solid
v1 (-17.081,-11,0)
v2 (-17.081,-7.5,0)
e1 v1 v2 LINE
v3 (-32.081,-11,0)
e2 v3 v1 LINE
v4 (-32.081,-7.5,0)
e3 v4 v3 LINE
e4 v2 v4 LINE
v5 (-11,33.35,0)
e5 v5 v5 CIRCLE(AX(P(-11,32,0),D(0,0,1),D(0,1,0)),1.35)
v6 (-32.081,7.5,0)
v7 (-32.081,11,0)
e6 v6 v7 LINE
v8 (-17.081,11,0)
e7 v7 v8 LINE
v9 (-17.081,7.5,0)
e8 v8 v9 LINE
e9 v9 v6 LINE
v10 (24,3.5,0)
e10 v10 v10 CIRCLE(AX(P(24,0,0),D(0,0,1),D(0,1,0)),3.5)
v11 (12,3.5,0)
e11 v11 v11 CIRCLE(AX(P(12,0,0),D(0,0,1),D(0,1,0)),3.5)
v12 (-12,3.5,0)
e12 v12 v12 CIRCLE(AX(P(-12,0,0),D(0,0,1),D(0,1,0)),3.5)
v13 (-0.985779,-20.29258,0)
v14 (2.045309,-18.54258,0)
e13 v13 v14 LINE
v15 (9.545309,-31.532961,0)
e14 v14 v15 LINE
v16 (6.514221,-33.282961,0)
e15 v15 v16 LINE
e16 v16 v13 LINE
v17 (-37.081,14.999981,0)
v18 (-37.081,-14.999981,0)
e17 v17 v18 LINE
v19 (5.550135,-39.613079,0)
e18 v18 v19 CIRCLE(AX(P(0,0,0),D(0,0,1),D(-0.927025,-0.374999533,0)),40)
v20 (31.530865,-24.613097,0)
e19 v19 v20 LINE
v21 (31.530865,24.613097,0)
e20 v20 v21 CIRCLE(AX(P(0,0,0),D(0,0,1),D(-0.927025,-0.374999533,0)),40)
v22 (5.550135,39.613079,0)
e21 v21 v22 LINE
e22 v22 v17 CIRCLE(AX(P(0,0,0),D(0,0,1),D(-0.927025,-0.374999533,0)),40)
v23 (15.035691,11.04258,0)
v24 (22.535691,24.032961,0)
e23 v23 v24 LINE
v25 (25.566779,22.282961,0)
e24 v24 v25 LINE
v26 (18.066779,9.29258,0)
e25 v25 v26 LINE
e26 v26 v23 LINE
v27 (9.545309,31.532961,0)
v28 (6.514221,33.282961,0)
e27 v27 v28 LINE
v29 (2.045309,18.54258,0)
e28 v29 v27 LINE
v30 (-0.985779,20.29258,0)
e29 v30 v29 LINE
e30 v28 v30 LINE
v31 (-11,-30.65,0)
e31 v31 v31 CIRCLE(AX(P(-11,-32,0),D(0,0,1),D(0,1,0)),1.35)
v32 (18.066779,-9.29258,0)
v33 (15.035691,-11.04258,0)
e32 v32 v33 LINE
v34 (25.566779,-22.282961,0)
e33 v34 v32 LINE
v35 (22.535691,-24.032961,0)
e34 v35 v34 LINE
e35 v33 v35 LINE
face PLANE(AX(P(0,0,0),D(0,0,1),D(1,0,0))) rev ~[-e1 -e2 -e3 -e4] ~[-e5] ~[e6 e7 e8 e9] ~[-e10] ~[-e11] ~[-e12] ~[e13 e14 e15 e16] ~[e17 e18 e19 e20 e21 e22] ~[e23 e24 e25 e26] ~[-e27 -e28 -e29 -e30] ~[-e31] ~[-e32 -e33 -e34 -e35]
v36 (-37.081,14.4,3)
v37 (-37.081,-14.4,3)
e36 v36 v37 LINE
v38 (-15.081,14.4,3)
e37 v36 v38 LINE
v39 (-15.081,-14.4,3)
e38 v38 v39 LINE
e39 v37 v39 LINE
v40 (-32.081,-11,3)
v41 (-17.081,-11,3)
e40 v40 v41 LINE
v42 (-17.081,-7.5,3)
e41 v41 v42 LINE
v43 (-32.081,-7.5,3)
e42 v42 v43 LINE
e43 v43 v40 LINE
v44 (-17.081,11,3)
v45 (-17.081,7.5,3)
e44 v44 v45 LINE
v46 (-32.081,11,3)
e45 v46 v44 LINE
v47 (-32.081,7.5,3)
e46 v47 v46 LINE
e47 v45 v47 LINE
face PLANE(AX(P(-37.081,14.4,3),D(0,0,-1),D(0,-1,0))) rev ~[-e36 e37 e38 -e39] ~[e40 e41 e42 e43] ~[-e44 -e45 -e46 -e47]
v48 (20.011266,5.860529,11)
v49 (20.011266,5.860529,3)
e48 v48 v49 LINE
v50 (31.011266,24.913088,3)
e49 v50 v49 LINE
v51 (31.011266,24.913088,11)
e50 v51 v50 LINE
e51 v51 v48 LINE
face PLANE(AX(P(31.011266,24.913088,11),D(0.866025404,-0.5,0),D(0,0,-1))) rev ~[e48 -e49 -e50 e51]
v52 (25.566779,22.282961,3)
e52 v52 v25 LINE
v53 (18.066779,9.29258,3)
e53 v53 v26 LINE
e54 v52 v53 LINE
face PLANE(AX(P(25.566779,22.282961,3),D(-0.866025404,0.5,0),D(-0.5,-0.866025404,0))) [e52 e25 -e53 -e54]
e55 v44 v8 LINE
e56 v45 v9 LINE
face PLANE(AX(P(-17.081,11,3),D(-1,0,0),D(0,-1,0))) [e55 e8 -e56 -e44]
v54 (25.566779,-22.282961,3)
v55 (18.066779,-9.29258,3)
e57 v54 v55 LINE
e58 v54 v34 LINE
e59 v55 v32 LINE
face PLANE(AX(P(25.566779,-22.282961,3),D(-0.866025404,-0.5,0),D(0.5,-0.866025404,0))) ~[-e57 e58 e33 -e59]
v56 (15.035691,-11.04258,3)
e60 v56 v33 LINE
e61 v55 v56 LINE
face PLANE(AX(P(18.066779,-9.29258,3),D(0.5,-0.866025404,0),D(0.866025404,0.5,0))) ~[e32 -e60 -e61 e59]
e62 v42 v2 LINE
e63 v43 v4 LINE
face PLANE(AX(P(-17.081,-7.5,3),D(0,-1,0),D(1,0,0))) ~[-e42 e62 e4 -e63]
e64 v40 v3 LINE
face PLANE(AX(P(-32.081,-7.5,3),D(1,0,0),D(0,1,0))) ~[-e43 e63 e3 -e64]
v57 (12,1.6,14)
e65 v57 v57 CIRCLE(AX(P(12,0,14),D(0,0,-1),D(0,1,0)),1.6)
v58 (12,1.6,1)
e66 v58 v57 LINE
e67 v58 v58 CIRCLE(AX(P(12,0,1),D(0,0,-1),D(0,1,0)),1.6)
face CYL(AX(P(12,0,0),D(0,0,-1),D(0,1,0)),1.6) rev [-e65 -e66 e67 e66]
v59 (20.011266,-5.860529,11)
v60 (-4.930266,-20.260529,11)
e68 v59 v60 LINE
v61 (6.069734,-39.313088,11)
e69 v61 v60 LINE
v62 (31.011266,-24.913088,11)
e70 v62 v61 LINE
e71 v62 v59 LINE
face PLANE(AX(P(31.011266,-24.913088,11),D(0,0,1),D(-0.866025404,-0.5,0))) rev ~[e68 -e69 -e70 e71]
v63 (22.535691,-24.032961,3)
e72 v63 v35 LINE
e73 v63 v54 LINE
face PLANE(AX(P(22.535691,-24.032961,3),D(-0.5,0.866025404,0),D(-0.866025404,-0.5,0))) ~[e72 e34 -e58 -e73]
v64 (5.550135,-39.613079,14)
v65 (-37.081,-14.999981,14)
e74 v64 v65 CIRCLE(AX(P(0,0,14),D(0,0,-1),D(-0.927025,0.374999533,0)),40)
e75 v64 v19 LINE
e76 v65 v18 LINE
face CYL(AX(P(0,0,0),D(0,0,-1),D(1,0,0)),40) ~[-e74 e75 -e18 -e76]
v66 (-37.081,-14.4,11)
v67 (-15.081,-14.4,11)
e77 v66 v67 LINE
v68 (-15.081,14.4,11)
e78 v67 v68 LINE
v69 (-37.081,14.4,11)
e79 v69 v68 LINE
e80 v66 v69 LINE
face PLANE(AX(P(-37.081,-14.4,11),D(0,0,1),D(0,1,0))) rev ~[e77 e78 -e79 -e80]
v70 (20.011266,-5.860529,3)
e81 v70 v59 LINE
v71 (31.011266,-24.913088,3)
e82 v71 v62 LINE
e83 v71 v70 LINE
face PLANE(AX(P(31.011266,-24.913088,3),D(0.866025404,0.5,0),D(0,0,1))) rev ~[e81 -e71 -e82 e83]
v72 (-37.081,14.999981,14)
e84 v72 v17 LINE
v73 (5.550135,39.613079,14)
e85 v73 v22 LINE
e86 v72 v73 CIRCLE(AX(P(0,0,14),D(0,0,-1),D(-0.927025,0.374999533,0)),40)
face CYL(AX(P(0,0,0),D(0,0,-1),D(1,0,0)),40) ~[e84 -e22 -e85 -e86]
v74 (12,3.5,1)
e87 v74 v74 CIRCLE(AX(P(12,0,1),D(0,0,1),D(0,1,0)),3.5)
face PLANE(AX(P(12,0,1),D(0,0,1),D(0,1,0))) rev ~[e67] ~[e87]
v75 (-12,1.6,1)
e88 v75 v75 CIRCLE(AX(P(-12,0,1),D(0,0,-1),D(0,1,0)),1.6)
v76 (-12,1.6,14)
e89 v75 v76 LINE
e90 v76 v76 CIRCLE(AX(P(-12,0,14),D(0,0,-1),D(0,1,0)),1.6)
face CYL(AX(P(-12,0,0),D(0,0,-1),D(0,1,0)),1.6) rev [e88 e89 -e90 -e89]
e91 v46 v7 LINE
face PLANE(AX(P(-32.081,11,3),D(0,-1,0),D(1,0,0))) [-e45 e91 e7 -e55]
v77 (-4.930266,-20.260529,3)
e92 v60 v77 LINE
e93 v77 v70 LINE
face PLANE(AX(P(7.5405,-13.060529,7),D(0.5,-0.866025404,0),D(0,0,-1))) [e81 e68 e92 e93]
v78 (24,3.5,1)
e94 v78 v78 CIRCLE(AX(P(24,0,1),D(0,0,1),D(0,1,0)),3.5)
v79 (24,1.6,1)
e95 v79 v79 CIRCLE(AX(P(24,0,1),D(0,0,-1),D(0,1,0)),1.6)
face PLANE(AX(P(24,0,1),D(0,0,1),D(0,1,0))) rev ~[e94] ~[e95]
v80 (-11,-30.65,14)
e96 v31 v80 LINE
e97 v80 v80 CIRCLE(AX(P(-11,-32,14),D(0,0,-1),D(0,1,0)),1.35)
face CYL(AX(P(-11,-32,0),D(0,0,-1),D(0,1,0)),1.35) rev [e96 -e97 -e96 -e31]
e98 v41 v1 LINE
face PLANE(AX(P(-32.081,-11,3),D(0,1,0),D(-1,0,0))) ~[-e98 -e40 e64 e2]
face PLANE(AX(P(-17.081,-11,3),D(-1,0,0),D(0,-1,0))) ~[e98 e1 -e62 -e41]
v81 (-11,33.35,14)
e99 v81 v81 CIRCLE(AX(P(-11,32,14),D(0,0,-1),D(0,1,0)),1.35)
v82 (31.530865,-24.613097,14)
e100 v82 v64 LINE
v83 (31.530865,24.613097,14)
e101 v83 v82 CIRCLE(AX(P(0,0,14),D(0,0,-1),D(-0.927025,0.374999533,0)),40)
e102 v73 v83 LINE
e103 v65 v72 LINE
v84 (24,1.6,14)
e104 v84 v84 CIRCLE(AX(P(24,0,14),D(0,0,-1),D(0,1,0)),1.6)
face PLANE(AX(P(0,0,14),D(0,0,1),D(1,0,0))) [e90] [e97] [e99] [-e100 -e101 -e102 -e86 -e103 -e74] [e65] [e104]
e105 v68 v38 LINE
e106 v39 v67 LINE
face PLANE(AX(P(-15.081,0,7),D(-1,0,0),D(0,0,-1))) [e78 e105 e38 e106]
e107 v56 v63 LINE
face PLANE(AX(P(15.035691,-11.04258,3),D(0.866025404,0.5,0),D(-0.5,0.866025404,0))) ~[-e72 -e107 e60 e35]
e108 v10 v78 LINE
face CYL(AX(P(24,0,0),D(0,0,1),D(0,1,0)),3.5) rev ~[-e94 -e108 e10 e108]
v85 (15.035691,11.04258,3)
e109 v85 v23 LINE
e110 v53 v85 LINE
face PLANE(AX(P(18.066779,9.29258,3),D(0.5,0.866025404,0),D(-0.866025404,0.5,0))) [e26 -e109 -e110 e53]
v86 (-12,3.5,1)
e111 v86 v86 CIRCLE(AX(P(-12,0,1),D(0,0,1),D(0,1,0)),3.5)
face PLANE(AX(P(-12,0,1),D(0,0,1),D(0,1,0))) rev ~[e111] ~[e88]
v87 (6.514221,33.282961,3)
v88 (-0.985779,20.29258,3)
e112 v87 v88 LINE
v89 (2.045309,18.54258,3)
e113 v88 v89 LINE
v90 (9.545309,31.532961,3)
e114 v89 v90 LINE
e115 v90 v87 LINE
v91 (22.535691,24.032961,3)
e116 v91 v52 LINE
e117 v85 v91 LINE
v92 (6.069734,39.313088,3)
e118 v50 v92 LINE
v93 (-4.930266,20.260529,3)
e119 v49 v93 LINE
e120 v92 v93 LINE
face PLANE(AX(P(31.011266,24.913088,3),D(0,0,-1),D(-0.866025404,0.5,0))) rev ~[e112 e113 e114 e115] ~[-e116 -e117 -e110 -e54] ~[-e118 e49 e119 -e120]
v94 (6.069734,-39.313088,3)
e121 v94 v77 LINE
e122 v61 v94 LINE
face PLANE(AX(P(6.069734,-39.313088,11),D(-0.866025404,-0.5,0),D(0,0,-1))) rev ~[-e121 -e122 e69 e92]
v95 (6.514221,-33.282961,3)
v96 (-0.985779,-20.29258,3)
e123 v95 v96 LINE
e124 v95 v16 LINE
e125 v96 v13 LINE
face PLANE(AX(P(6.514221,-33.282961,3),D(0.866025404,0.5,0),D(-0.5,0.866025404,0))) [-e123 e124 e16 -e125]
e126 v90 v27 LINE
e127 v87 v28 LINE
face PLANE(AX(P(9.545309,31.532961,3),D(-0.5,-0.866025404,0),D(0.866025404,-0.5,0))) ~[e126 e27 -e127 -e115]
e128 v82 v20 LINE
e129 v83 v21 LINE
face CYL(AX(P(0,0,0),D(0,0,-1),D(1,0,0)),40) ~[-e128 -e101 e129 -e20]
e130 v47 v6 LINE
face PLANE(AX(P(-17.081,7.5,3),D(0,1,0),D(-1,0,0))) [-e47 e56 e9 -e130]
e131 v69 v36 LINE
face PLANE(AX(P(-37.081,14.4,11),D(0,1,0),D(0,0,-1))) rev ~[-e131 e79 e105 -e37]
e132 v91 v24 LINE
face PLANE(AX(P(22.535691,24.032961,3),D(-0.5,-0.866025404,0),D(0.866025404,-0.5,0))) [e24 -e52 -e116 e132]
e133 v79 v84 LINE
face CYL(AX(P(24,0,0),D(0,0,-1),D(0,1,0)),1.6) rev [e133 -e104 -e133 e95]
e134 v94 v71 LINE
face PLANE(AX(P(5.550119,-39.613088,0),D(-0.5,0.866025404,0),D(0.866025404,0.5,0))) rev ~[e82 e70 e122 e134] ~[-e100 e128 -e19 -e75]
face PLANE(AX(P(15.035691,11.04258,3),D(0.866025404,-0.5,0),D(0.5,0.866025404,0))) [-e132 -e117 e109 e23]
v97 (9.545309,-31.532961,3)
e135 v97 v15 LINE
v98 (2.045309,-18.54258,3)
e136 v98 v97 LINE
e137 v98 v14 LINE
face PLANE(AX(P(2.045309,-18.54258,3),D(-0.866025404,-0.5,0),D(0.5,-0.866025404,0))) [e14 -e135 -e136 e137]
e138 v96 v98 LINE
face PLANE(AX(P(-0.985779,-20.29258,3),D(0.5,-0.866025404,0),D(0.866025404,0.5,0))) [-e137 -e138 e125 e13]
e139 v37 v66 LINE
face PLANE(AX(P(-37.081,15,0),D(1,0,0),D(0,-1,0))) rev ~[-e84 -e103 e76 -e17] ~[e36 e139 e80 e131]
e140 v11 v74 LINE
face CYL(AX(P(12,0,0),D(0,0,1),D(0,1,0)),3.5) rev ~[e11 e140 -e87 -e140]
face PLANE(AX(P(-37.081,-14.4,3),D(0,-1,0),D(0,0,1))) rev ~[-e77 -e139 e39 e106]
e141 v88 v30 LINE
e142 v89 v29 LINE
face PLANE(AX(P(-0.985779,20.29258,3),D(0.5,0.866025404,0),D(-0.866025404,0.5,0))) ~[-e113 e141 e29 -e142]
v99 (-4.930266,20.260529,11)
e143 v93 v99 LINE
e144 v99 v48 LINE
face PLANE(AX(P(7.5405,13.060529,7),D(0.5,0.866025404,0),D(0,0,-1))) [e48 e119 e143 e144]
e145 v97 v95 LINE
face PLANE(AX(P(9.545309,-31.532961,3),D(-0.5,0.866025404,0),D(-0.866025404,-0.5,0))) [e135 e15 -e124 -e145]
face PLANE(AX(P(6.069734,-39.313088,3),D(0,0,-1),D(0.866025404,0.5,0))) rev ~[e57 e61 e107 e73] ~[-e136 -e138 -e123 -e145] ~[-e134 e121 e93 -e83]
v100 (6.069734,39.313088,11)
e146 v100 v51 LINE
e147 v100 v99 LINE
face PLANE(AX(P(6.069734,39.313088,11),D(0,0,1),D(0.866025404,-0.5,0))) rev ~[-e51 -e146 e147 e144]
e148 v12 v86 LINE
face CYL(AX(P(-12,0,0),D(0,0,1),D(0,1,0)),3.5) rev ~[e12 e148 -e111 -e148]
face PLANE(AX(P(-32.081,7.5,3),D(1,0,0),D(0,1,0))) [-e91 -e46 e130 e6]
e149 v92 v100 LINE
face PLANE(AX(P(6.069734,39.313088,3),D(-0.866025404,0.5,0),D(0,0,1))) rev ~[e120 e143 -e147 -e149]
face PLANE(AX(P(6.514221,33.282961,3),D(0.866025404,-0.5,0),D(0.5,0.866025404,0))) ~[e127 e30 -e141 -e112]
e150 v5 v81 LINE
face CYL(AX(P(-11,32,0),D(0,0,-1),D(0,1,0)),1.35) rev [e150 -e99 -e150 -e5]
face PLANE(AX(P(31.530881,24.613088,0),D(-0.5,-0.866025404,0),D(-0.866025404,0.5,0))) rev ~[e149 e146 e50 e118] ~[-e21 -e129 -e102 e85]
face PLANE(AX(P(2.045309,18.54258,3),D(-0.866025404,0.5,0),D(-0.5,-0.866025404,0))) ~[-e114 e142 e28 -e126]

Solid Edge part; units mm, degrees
sketch "Sketch1" plane through (0, 0, 0) normal (0, 0, 1) x (1, 0, 0)
  circle A0 centre (0, 0) radius 40
  dimension "D1" = 80
extrude "Protrusion1" add sketch "Sketch1" along normal blind 14
sketch "Sketch2" plane through (0, 0, 0) normal (0, 0, 1) x (1, 0, 0)
  line L0 (-37.081, 15) -> (-37.081, -15)
extrude "Cutout1" cut sketch "Sketch2" along normal through all material side at (-37.131, 0, 0)
sketch "Sketch3" plane through (-37.081, 0, 6) normal (-1, 0, 0) x (0, -1, 0)
  line L0 (14.4, 5) -> (-14.4, 5)
  line L1 (-14.4, 5) -> (-14.4, -3)
  line L2 (-14.4, -3) -> (14.4, -3)
  line L3 (14.4, -3) -> (14.4, 5)
extrude "Extrusionsausschnitt_5" cut sketch "Sketch3" against normal blind 22
sketch "Sketch4" plane through (-24.581, 0, 3) normal (0, 0, 1) x (0, -1, 0)
  line L0 (-7.5, 7.5) -> (-7.5, -7.5)
  line L1 (-7.5, -7.5) -> (-11, -7.5)
  line L2 (-11, -7.5) -> (-11, 7.5)
  line L3 (-11, 7.5) -> (-7.5, 7.5)
extrude "Cutout2" cut sketch "Sketch4" against normal through all
mirror "Mirror1" about plane through (0, 0, 0) normal (0, -1, 0) of "Cutout2"
pattern_circular "Pattern1" count 3 over 360 about axis through (0, 0, 0) along (0, 0, -1) of "Mirror1", "Cutout2", "Extrusionsausschnitt_5", "Cutout1"
hole "Bohrung_3" at (12, 0, 0) direction (0, 0, 1) diameter 3.2 end through all
hole "Hole1" at (24, 0, 0) direction (0, 0, 1) diameter 3.2 end through all
hole "Bohrung_5" at (-12, 0, 0) direction (0, 0, 1) diameter 3.2 end through all
hole "Bohrung_6" at (-11, 32, 0) direction (0, 0, 1) diameter 2.7 end through all
hole "Hole2" at (-11, -32, 0) direction (0, 0, 1) diameter 2.7 end through all
hole "Bohrung_8" at (-12, 0, 0) direction (0, 0, 1) diameter 7 depth 1
hole "Hole3" at (12, 0, 0) direction (0, 0, 1) diameter 7 depth 1
hole "Hole4" at (24, 0, 0) direction (0, 0, 1) diameter 7 depth 1
properties material "PLA(50%)"
